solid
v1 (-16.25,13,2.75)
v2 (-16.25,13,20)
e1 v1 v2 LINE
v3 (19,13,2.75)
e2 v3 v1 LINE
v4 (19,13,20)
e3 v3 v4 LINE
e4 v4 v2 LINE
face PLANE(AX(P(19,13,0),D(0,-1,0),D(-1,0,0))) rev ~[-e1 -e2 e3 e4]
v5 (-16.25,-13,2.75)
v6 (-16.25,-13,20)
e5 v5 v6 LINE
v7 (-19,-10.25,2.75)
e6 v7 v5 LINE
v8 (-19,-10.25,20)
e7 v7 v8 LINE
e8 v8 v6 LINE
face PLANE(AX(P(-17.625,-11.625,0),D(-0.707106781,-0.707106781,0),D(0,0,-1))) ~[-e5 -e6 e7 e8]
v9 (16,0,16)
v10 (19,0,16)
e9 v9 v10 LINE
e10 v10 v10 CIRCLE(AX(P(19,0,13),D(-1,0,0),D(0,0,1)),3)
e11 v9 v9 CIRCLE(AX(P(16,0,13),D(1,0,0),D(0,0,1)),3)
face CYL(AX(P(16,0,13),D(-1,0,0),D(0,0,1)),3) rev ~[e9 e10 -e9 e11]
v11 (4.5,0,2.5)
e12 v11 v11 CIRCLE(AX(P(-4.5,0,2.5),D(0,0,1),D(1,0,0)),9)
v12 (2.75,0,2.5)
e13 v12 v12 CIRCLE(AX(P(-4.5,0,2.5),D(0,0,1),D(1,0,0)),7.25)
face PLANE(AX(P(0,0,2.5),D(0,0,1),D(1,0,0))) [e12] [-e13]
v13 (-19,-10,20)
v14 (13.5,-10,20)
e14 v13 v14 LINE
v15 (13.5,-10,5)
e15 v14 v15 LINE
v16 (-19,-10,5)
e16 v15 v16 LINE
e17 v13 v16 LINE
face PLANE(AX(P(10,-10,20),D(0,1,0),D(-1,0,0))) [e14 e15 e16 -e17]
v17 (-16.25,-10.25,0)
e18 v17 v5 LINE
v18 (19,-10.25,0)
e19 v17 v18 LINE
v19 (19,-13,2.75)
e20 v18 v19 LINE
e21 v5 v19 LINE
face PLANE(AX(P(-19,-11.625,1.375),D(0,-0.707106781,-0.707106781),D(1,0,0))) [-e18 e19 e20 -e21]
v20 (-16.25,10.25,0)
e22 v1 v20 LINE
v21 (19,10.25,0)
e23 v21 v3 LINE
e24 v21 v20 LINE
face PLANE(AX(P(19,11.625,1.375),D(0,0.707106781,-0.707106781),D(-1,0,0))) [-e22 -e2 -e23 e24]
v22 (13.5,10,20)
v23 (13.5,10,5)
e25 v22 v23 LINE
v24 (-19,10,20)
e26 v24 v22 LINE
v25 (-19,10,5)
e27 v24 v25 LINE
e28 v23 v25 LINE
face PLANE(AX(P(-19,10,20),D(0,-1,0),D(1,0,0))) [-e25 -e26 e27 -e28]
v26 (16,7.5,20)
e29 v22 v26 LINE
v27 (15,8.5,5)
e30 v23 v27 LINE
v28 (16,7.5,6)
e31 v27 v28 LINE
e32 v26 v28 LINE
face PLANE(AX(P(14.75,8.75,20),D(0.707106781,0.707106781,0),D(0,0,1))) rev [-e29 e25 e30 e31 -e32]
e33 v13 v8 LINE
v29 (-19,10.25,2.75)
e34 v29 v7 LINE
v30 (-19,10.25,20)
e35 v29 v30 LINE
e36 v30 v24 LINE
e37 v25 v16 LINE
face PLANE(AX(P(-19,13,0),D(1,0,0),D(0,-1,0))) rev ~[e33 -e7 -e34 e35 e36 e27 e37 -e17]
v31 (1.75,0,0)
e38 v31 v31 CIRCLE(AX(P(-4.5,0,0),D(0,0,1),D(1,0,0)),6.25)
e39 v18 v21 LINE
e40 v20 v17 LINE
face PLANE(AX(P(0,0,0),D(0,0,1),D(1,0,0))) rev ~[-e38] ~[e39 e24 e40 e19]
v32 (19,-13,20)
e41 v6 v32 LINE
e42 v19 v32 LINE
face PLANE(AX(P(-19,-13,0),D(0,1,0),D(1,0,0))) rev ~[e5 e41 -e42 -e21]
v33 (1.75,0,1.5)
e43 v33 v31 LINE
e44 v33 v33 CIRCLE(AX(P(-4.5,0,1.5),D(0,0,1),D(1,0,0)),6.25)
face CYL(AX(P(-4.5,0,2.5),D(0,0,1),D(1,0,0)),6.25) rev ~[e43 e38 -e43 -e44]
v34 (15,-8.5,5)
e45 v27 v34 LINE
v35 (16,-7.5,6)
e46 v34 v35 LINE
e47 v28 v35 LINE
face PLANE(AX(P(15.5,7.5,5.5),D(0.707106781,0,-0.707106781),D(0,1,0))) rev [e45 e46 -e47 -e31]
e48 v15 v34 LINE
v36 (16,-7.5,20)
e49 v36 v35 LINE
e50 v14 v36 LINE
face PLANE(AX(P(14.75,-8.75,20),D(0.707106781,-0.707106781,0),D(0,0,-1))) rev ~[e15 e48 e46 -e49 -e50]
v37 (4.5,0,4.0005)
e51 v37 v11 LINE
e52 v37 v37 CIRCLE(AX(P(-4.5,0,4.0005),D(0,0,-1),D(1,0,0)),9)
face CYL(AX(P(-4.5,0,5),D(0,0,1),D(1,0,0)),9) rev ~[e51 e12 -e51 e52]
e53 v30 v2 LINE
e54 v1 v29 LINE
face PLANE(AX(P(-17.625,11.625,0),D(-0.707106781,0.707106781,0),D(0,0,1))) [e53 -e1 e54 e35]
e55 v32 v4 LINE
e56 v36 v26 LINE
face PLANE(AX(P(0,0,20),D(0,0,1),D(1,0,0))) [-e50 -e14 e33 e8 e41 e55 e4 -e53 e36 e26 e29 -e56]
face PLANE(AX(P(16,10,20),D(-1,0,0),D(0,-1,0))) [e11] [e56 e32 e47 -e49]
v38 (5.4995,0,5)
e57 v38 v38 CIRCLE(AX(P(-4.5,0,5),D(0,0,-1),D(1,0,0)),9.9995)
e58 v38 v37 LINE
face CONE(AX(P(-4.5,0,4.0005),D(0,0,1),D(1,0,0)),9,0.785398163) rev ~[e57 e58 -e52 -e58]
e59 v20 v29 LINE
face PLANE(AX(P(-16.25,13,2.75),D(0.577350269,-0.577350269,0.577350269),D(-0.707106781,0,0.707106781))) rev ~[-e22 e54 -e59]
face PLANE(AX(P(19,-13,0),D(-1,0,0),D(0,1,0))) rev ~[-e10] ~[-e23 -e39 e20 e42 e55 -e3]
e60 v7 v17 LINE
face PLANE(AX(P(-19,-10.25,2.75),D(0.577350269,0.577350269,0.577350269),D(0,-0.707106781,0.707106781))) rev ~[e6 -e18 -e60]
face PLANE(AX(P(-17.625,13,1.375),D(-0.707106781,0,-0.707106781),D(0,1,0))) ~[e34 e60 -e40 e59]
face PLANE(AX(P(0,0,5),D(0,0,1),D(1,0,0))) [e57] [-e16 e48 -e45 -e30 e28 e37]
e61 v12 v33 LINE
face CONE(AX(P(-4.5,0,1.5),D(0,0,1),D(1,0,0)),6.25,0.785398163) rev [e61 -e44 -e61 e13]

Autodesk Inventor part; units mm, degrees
ref_plane "YZ Plane" through (0, 0, 0) normal (1, 0, 0) x (0, 1, 0)
ref_plane "XZ Plane" through (0, 0, 0) normal (0, 1, 0) x (-1, 0, 0)
ref_plane "XY Plane" through (0, 0, 0) normal (0, 0, 1) x (1, 0, 0)
sketch "Sketch1" plane through (0, 0, 0) normal (0, 0, 1) x (1, 0, 0)
  line L0 (-19, -13) -> (19, -13)
  line L1 (19, -13) -> (19, 13)
  line L2 (19, 13) -> (-19, 13)
  line L3 (-19, 13) -> (-19, -13)
  line L4 (-19, -13) -> (19, 13) construction
  line L5 (19, -13) -> (-19, 13) construction
  point P0 (0, 0)
  dimension "d0" = 26
  dimension "d1" = 38
extrude "Extrusion1" add sketch "Sketch1" along normal blind 20
sketch "Sketch2" plane through (0, 0, 20) normal (0, 0, 1) x (1, 0, 0)
  line L0 (-26.6, 0) -> (26.6, 0) projected
  line L1 (-19, 10) -> (10, 10)
  line L2 (10, 10) -> (10, -10)
  line L3 (10, -10) -> (-19, -10)
  line L4 (-19, -10) -> (-19, 10)
  line L5 (-19, 10) -> (10, -10) construction
  line L6 (10, 10) -> (-19, -10) construction
  line L7 (19, 13) -> (-19, 13) projected
  line L8 (19, -13) -> (19, 13) projected
  line L9 (-19, 13) -> (-19, -13) projected
  line L10 (10, 10) -> (16, 10)
  line L11 (16, 10) -> (16, -10)
  line L12 (16, -10) -> (10, -10)
  line L13 (10, -10) -> (10, 10)
  point P0 (0, 0)
  point P1 (-4.5, 0)
  point P2 (-19, 0)
  dimension "d5" = 20
  dimension "d7" = 29
  dimension "d8" = 9
  dimension "d9" = 3
extrude "Extrusion2" cut sketch "Sketch2" against normal blind 15 contours L4 L1 L2 L0 | L0 L2 L3 L4 | L2 L10 L11 L0 | L0 L11 L12 L2
sketch "Sketch3" plane through (0, 0, 5) normal (0, 0, 1) x (1, 0, 0)
  line L0 (-26.6, 0) -> (26.6, 0) projected
  circle A0 centre (-4.5, 0) radius 9
  line L1 (-19, -10) -> (-19, 10) projected
  point P0 (0, 0)
  dimension "d12" = 18
  dimension "d13" = 14.5
extrude "Extrusion3" cut sketch "Sketch3" against normal blind 2.5
sketch "Sketch4" plane through (-4.5, 0, 2.5) normal (0, 0, 1) x (1, 0, 0)
  circle A0 centre (0, 0) radius 9 projected
  circle A1 centre (0, 0) radius 6.25
  point P0 (4.5, 0)
  dimension "d16" = 12.5
extrude "Extrusion4" cut sketch "Sketch4" against normal blind 2.5 contours A1
chamfer "Chamfer1" distance 1 angle 45 1 edges at (-13.5, 0, 5)
chamfer "Chamfer2" distance 1 angle 45 1 edges at (-10.75, 0, 2.5)
chamfer "Chamfer3" distance 2.5 angle 45 2 edges at (16, -10, 12.5) (16, 10, 12.5)
chamfer "Chamfer5" distance 1 angle 45 1 edges at (16, 0, 5)
sketch "Sketch5" plane through (16, -7.5, 20) normal (-1, 0, 0) x (0, 0, 1)
  line L0 (-24, 7.5) -> (4, 7.5) projected
  circle A0 centre (-7, 7.5) radius 3
  line L1 (0, 15) -> (0, 0) projected
  point P0 (-20, 7.5)
  dimension "d34" = 6
  dimension "d35" = 7
extrude "Extrusion5" cut sketch "Sketch5" against normal through all
chamfer "Chamfer6" distance 2.75 angle 45 5 edges at (0, -13, 0) (-19, 0, 0) (0, 13, 0) (-19, 13, 10) (-19, -13, 10)
properties part number "_3DPrint"
